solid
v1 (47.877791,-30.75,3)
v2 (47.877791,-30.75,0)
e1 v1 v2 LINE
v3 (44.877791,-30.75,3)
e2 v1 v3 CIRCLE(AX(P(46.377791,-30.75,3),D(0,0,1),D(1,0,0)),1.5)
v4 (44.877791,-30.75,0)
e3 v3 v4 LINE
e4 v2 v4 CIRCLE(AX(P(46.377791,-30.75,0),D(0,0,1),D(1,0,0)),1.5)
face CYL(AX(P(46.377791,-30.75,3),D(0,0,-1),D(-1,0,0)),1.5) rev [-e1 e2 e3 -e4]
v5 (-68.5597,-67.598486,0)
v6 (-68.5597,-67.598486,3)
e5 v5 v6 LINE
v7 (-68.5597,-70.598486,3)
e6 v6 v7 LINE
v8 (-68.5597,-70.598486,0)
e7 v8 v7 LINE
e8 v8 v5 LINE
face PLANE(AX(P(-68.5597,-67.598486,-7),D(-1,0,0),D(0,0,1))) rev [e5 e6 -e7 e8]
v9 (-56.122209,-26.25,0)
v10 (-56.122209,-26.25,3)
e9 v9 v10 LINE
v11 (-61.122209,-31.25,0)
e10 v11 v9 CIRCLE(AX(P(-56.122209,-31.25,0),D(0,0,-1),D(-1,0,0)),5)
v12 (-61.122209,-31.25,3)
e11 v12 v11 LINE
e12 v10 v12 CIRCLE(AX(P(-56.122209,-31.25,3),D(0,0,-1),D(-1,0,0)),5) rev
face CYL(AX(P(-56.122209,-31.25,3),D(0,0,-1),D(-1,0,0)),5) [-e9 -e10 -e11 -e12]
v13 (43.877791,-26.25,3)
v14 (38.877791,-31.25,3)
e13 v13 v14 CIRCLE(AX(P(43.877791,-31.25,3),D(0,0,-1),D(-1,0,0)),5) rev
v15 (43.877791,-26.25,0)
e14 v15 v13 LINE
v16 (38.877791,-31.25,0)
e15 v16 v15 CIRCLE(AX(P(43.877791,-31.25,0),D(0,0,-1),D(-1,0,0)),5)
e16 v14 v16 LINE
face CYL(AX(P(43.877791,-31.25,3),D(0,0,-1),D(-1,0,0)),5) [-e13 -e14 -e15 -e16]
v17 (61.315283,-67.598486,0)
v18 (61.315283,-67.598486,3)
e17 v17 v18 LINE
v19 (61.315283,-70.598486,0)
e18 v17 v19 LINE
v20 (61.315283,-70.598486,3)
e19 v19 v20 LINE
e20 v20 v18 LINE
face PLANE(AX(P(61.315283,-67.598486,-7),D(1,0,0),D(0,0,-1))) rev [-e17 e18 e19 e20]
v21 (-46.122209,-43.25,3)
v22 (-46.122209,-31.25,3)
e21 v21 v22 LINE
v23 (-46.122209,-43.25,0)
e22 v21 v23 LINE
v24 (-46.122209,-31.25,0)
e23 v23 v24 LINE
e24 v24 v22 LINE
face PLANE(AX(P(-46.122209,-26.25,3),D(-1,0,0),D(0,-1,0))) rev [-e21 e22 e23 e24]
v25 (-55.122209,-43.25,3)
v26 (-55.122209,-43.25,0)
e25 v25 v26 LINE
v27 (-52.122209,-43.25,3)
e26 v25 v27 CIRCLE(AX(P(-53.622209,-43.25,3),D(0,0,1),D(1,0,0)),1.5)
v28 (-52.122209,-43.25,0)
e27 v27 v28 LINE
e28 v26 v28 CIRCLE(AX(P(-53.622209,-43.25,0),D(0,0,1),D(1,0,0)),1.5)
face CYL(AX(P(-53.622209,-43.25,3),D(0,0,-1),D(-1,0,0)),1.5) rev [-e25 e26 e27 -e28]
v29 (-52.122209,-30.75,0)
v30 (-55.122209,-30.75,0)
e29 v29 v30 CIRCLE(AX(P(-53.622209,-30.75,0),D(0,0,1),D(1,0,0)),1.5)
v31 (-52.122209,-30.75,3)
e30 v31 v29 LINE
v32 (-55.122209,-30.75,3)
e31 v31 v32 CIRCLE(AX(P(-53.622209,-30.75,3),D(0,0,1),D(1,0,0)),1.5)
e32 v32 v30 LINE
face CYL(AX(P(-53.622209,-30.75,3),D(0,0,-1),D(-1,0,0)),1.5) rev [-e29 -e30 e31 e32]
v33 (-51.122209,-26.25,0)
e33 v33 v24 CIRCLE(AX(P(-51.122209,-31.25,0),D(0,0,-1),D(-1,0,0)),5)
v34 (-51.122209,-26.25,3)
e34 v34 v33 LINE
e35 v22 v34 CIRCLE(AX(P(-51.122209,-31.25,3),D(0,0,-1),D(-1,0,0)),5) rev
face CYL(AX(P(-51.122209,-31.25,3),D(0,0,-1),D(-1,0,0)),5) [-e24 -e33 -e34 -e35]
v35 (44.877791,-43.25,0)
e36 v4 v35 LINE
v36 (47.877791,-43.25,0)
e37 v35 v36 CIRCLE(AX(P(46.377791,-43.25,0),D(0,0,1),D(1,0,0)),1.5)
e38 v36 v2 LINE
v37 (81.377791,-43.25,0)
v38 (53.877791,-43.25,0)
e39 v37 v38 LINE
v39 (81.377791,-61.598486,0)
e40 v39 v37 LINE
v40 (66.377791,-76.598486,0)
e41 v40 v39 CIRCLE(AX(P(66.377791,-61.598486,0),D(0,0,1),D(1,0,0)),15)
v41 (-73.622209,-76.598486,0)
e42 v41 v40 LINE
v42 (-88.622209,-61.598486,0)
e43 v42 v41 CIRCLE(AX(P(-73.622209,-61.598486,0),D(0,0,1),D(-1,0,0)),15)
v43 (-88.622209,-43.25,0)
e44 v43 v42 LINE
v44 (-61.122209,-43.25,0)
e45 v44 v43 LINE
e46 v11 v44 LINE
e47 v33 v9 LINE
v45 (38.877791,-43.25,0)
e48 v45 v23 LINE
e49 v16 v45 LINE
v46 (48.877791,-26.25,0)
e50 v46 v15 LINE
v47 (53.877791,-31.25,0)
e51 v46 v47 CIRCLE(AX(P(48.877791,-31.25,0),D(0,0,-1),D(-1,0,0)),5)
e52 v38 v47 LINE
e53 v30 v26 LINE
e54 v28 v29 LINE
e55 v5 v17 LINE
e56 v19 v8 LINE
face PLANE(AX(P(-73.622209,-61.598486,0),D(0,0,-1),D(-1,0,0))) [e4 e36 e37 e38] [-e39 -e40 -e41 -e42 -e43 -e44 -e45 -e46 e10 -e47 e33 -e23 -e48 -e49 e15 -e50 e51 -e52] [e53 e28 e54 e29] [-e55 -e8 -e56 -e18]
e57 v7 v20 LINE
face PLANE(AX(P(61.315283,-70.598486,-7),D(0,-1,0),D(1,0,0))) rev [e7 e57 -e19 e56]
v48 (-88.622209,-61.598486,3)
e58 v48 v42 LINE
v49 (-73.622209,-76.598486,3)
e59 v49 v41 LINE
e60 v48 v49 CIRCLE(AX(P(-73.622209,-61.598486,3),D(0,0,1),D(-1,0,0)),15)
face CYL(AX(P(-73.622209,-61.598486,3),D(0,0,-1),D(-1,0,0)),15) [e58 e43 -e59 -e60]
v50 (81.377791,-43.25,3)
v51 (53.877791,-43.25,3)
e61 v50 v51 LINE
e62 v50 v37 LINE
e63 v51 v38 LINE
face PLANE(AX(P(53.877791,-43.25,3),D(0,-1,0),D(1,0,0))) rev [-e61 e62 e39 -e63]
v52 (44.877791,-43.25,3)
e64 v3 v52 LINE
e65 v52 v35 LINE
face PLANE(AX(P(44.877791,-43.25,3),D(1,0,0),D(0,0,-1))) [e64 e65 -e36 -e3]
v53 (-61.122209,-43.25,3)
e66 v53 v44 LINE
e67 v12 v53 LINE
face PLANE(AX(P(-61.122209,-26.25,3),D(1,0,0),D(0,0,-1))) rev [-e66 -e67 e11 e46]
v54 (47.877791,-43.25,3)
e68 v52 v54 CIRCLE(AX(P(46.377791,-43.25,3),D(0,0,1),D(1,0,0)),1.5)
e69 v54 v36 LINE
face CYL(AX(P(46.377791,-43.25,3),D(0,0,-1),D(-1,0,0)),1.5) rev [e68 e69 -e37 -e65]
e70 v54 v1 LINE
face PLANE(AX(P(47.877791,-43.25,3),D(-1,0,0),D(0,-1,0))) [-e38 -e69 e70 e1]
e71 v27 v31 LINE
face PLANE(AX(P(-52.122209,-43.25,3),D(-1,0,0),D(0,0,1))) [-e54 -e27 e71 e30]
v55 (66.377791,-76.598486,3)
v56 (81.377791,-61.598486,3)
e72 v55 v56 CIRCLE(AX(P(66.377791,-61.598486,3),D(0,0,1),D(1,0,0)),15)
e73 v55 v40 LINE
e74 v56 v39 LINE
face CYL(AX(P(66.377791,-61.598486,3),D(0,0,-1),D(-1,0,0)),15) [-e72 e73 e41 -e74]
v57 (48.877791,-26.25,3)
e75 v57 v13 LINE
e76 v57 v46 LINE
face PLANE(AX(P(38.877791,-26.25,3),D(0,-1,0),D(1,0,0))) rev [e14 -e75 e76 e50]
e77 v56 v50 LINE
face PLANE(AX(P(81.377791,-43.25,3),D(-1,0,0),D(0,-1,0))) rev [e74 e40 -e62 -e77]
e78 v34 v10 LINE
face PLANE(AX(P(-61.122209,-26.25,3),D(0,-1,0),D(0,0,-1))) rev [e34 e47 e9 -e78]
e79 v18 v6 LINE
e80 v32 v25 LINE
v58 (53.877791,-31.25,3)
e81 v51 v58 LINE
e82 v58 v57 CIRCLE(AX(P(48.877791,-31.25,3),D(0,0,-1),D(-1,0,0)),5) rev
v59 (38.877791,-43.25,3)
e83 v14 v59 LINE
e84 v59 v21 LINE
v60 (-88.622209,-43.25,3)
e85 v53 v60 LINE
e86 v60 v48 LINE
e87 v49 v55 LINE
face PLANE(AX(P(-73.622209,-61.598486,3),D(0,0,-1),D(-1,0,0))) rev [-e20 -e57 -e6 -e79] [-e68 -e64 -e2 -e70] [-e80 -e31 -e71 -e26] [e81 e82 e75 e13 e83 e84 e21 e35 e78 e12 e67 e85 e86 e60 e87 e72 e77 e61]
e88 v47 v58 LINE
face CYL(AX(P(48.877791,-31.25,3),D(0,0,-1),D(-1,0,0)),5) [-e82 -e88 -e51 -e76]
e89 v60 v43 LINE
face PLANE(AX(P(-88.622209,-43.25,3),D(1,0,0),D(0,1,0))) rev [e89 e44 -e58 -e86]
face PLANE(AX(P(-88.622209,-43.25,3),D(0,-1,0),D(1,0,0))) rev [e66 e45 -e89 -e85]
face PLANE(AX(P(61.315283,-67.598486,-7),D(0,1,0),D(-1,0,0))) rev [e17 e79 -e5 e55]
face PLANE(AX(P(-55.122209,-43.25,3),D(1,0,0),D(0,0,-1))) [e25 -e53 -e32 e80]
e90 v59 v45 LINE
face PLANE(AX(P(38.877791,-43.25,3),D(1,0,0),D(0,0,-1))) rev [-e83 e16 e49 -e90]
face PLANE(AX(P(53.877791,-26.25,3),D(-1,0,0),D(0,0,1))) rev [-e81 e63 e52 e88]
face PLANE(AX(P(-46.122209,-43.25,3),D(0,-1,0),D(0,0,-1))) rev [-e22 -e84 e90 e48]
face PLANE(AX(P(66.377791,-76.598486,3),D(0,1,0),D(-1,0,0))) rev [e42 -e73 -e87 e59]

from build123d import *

# Parameters (mm, degrees)
BOSS_EXTRUDE1_DEPTH = 3
FILLET2_R           = 5
SKETCH2_W           = 129.874983815
SKETCH2_H           = 3
CUT_EXTRUDE1_DEPTH  = 10


with BuildPart() as part:
    # Sketch1 → Boss-Extrude1 (new body)
    with BuildSketch(Plane.XY):
        with BuildLine():
            Line((-88.622208542, -43.25), (-61.122208542, -43.25))
            Line((-61.122208542, -43.25), (-61.122208542, -26.25))
            Line((-61.122208542, -26.25), (-46.122208542, -26.25))
            Line((-46.122208542, -26.25), (-46.122208542, -43.25))
            Line((-46.122208542, -43.25), (38.877791458, -43.25))
            Line((38.877791458, -43.25), (38.877791458, -26.25))
            Line((38.877791458, -26.25), (53.877791458, -26.25))
            Line((53.877791458, -26.25), (53.877791458, -43.25))
            Line((53.877791458, -43.25), (81.377791458, -43.25))
            Line((81.377791458, -43.25), (81.377791458, -61.598486101))
            ThreePointArc((81.377791458, -61.598486101), (76.984393176, -72.205087819), (66.377791458, -76.598486101))
            Line((66.377791458, -76.598486101), (-73.622208542, -76.598486101))
            ThreePointArc((-73.622208542, -76.598486101), (-84.228810259, -72.205087819), (-88.622208542, -61.598486101))
            Line((-88.622208542, -61.598486101), (-88.622208542, -43.25))
        make_face()
        with BuildLine():
            Line((-55.122208542, -43.25), (-55.122208542, -30.75))
            ThreePointArc((-55.122208542, -30.75), (-53.622208542, -29.25), (-52.122208542, -30.75))
            Line((-52.122208542, -30.75), (-52.122208542, -43.25))
            ThreePointArc((-52.122208542, -43.25), (-53.622208542, -44.75), (-55.122208542, -43.25))
        make_face(mode=Mode.SUBTRACT)
        with BuildLine():
            Line((44.877791458, -43.25), (44.877791458, -30.75))
            ThreePointArc((44.877791458, -30.75), (46.377791458, -29.25), (47.877791458, -30.75))
            Line((47.877791458, -30.75), (47.877791458, -43.25))
            ThreePointArc((47.877791458, -43.25), (46.377791458, -44.75), (44.877791458, -43.25))
        make_face(mode=Mode.SUBTRACT)
    extrude(amount=BOSS_EXTRUDE1_DEPTH)

    # Fillet2
    fillet2_edges = [part.edges().sort_by_distance(p)[0] for p in [
        (-61.122208542, -26.25, 1.5),
        (-46.122208542, -26.25, 1.5),
        (38.877791458, -26.25, 1.5),
        (53.877791458, -26.25, 1.5),
    ]]
    fillet(fillet2_edges, radius=FILLET2_R)

    # Sketch2 → Cut-Extrude1 (cut)
    with BuildSketch(Plane.XY.offset(3)):
        with Locations((-3.622208542, -69.098486101)):
            Rectangle(SKETCH2_W, SKETCH2_H)
    extrude(amount=-CUT_EXTRUDE1_DEPTH, mode=Mode.SUBTRACT)


solid = part.part
